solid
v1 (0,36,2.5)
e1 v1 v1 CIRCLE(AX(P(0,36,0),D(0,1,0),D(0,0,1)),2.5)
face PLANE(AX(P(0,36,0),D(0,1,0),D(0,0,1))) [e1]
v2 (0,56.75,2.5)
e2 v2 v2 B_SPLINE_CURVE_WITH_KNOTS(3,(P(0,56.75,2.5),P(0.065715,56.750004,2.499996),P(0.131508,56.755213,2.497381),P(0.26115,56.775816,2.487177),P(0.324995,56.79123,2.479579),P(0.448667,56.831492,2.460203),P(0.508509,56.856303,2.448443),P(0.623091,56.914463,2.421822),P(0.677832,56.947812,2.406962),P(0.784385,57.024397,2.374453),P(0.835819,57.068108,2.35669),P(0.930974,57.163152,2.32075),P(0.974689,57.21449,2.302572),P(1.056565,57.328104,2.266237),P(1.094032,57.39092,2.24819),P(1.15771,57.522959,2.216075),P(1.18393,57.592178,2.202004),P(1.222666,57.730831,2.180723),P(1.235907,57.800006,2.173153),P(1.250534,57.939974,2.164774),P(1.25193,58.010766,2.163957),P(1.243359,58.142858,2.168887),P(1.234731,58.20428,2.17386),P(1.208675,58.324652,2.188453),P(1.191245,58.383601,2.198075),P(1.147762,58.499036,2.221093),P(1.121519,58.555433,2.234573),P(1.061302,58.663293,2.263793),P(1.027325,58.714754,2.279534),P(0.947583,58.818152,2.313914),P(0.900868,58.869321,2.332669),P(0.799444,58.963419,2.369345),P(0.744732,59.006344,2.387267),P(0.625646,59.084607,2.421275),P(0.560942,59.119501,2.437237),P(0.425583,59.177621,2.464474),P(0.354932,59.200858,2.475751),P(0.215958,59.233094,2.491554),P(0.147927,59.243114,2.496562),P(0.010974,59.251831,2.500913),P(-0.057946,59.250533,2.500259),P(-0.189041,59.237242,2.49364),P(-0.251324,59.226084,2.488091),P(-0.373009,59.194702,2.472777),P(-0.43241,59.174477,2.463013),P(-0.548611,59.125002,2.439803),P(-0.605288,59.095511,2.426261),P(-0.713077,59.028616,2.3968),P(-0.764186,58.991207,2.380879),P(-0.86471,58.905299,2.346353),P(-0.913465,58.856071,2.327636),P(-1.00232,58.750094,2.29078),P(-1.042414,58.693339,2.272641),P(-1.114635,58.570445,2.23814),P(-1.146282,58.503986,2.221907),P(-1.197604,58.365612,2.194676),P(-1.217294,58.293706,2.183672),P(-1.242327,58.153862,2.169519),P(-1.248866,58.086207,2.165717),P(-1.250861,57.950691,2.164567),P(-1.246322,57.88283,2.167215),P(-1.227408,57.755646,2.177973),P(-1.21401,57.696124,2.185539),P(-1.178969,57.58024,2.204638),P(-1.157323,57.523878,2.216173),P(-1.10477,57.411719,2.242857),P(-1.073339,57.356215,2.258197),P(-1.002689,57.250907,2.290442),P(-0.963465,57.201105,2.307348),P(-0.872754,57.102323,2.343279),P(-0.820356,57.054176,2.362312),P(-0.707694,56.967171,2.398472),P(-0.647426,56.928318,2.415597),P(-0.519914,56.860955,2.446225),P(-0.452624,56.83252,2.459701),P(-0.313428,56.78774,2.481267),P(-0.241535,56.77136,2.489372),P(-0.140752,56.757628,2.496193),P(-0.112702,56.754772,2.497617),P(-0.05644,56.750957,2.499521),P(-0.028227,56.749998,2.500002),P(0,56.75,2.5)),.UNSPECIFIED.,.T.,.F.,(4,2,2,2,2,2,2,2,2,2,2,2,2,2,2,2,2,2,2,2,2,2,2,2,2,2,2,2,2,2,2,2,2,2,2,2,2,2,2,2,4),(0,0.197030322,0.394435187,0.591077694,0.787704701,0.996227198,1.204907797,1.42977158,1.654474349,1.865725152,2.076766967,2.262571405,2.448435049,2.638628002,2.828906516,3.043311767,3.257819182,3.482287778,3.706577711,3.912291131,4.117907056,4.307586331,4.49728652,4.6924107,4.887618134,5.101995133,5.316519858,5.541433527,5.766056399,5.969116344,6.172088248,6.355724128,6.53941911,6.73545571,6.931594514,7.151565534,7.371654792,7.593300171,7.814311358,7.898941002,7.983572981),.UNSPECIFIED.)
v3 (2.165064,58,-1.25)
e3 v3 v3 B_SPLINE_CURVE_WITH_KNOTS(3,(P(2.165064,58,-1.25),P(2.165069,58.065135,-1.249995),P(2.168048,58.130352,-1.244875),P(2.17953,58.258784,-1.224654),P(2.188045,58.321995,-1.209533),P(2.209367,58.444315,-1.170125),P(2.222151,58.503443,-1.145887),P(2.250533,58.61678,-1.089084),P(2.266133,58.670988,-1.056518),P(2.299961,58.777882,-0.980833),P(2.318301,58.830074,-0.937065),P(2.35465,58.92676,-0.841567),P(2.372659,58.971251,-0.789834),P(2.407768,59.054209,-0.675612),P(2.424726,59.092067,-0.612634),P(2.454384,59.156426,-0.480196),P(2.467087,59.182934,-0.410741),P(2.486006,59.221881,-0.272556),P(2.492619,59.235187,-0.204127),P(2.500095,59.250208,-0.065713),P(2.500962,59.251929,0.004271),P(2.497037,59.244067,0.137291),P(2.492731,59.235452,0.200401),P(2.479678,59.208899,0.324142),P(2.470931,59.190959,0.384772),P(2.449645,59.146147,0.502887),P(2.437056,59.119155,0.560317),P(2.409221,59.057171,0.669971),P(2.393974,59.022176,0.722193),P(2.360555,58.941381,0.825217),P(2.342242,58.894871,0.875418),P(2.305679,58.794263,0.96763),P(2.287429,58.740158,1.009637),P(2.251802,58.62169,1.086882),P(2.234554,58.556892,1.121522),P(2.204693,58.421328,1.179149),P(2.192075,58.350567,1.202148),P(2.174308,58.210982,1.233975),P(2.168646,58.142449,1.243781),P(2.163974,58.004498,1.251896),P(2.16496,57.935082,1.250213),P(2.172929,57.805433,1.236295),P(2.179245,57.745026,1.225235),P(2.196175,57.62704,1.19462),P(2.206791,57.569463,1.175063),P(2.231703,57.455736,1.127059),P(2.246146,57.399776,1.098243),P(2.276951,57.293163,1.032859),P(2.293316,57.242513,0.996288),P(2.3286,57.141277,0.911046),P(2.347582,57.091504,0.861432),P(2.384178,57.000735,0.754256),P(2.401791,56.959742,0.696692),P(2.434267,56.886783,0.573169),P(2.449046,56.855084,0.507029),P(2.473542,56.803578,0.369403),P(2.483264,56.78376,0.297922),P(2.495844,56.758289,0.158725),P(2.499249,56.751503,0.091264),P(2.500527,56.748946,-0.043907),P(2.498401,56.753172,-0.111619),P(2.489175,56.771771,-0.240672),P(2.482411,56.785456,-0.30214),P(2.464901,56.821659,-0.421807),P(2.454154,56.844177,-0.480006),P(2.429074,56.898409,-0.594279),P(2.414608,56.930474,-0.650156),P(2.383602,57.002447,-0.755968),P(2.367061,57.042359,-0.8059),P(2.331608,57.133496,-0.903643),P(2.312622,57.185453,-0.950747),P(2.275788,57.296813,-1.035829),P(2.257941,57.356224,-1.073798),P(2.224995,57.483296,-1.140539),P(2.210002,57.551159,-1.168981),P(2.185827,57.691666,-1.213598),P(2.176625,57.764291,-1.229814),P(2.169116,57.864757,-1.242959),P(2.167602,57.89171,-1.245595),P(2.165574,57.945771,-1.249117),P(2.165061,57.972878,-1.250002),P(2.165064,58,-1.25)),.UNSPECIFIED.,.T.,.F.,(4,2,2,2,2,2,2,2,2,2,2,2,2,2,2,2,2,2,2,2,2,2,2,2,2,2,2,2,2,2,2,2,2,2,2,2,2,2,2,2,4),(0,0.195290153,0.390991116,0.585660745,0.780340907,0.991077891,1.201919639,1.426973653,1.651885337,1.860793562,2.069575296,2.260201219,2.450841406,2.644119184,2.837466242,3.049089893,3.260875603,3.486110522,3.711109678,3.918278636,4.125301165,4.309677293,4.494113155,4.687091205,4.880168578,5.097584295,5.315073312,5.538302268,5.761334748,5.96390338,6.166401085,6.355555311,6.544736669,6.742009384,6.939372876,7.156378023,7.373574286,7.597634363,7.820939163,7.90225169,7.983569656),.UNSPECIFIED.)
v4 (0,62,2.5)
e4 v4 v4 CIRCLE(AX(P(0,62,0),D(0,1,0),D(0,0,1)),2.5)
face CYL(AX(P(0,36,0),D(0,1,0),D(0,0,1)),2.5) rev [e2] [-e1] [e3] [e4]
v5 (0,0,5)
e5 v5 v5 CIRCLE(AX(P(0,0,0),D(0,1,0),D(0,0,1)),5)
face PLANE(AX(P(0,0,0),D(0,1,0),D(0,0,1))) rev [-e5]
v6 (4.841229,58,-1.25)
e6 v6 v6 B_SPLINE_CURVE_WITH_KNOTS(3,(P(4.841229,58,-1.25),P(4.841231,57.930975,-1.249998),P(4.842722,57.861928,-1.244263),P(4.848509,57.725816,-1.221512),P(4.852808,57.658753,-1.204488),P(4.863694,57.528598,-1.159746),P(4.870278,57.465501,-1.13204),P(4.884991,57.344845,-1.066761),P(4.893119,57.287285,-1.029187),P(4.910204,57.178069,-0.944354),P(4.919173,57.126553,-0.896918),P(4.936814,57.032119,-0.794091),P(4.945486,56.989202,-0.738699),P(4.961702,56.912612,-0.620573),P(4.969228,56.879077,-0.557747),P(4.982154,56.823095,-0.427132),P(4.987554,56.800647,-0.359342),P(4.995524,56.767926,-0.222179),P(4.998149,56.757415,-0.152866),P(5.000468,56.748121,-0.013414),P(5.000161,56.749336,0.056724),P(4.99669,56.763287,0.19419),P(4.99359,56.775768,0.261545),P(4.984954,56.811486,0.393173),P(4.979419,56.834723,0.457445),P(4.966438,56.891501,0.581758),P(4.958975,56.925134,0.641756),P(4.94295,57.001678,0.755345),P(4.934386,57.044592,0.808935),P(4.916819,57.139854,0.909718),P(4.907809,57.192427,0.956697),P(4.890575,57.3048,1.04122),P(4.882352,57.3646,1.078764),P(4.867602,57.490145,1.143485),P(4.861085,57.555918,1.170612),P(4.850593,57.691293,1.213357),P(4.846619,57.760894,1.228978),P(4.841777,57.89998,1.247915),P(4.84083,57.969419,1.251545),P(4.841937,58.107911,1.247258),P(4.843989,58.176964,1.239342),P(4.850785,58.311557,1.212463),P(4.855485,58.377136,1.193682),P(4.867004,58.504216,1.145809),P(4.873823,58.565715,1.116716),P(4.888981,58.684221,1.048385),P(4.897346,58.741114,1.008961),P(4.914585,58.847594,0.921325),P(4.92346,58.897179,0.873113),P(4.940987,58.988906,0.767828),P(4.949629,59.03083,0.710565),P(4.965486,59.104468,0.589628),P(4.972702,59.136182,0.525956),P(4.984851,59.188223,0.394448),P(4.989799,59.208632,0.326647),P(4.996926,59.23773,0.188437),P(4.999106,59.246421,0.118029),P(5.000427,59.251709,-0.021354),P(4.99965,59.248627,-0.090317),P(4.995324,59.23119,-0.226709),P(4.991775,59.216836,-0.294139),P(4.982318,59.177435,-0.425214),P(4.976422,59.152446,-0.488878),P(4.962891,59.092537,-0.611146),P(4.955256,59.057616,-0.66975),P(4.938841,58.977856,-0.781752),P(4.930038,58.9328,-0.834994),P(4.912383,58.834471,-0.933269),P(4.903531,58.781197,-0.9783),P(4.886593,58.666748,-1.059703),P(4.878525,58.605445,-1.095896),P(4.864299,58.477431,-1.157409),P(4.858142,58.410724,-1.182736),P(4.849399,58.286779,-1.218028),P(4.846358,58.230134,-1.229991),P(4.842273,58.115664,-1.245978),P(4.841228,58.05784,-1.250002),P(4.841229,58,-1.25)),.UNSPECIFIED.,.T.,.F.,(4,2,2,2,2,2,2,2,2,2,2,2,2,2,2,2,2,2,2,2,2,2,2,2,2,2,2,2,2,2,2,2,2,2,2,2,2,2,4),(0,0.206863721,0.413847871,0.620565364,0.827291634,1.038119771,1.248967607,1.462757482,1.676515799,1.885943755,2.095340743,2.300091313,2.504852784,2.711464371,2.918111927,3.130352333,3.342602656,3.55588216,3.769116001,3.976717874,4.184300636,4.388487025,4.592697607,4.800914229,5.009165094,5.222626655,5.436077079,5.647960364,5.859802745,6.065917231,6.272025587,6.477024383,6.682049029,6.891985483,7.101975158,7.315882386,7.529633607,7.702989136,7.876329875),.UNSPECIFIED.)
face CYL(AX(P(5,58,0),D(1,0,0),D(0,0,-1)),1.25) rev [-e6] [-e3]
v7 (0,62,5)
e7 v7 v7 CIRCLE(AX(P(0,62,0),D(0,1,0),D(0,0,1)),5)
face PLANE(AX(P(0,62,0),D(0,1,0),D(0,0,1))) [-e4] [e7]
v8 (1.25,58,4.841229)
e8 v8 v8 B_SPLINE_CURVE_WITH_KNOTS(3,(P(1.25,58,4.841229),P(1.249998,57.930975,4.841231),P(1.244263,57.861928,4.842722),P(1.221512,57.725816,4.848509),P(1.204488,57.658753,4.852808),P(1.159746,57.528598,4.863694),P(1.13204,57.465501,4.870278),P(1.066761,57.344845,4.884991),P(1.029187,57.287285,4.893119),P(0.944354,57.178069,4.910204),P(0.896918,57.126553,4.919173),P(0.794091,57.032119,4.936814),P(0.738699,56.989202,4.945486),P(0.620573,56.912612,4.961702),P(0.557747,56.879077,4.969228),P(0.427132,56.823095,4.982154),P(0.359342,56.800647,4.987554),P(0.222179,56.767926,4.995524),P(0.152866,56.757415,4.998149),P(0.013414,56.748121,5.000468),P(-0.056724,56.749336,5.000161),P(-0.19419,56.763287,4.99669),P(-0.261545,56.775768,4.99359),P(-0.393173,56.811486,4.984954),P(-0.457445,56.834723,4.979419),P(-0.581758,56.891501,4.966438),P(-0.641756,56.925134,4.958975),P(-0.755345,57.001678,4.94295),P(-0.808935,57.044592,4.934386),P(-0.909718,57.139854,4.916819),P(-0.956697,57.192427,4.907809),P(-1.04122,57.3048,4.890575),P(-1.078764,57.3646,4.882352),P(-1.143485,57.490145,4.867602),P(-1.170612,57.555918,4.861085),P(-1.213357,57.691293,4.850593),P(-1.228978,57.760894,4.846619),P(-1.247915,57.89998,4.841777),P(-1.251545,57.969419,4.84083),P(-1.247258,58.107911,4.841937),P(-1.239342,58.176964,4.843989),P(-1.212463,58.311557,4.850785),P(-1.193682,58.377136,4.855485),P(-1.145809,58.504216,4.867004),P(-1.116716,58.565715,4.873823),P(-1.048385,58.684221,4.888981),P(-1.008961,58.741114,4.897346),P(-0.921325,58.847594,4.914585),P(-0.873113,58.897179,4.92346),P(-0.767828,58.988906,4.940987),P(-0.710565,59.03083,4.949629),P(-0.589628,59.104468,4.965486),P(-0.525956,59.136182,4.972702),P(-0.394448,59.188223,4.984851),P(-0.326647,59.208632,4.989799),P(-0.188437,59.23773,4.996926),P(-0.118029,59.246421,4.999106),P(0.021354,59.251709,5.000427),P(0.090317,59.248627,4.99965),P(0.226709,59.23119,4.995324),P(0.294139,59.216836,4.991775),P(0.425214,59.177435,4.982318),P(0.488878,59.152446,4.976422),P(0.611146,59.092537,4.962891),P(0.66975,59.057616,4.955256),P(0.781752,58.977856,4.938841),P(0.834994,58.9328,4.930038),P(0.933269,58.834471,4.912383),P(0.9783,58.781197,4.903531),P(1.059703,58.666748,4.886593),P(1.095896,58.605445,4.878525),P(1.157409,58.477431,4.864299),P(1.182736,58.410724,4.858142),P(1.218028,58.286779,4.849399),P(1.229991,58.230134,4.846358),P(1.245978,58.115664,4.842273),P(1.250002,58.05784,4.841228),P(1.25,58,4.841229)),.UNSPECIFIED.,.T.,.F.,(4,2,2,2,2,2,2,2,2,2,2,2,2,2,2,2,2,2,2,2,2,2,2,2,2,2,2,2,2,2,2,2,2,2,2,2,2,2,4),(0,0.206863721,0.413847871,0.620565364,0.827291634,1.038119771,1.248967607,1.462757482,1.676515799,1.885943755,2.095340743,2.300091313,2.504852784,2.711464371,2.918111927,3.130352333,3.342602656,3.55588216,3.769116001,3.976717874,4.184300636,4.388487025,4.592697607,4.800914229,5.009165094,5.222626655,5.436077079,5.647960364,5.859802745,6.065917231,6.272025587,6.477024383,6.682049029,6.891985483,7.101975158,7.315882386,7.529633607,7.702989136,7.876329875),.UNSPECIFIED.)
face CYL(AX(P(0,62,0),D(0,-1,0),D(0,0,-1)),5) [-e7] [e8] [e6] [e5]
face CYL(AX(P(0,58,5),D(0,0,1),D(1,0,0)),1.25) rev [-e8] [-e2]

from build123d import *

# Parameters (mm, degrees)
SKETCH1_R              = 5
BOSS_EXTRUDE1_DEPTH    = 62
SKETCH7_R              = 2.5
CUT_EXTRUDE1_DEPTH     = 26
M3_TAPPED_HOLE1_REACH  = 61.068
M3_TAPPED_HOLE1_BORE_R = 1.25
M3_TAPPED_HOLE2_REACH  = 61.068
M3_TAPPED_HOLE2_BORE_R = 1.25


with BuildPart() as part:
    # Sketch1 → Boss-Extrude1 (new body)
    with BuildSketch(Plane(origin=(0, 0, 0), x_dir=(1, 0, 0), z_dir=(0, 1, 0))):
        with Locations(Location((0, 0, 0), (0, 0, 270))):
            Circle(SKETCH1_R)
    extrude(amount=BOSS_EXTRUDE1_DEPTH)

    # Sketch7 → Cut-Extrude1 (cut)
    with BuildSketch(Plane(origin=(0, 62, 0), x_dir=(1, 0, 0), z_dir=(0, 1, 0))):
        with Locations(Location((0, 0, 0), (0, 0, 270))):
            Circle(SKETCH7_R)
    extrude(amount=-CUT_EXTRUDE1_DEPTH, mode=Mode.SUBTRACT)

    # M3 Tapped Hole1 bore (on position points) → M3 Tapped Hole1 (cut, up to next)
    with BuildSketch(Plane(origin=(0, 58, 5), x_dir=(1, 0, 0), z_dir=(0, 0, 1)), mode=Mode.PRIVATE) as m3_tapped_hole1_sk1:
        Circle(M3_TAPPED_HOLE1_BORE_R)
    m3_tapped_hole1_tool1 = extrude(m3_tapped_hole1_sk1.sketch, amount=-M3_TAPPED_HOLE1_REACH, mode=Mode.PRIVATE) & part.part
    add(m3_tapped_hole1_tool1.solids().sort_by_distance((0, 58, 5))[0], mode=Mode.SUBTRACT)

    # M3 Tapped Hole2 bore (on position points) → M3 Tapped Hole2 (cut, up to next)
    with BuildSketch(Plane(origin=(5, 58, 0), x_dir=(0, 0, 1), z_dir=(1, 0, 0)), mode=Mode.PRIVATE) as m3_tapped_hole2_sk1:
        Circle(M3_TAPPED_HOLE2_BORE_R)
    m3_tapped_hole2_tool1 = extrude(m3_tapped_hole2_sk1.sketch, amount=-M3_TAPPED_HOLE2_REACH, mode=Mode.PRIVATE) & part.part
    add(m3_tapped_hole2_tool1.solids().sort_by_distance((5, 58, 0))[0], mode=Mode.SUBTRACT)


solid = part.part
